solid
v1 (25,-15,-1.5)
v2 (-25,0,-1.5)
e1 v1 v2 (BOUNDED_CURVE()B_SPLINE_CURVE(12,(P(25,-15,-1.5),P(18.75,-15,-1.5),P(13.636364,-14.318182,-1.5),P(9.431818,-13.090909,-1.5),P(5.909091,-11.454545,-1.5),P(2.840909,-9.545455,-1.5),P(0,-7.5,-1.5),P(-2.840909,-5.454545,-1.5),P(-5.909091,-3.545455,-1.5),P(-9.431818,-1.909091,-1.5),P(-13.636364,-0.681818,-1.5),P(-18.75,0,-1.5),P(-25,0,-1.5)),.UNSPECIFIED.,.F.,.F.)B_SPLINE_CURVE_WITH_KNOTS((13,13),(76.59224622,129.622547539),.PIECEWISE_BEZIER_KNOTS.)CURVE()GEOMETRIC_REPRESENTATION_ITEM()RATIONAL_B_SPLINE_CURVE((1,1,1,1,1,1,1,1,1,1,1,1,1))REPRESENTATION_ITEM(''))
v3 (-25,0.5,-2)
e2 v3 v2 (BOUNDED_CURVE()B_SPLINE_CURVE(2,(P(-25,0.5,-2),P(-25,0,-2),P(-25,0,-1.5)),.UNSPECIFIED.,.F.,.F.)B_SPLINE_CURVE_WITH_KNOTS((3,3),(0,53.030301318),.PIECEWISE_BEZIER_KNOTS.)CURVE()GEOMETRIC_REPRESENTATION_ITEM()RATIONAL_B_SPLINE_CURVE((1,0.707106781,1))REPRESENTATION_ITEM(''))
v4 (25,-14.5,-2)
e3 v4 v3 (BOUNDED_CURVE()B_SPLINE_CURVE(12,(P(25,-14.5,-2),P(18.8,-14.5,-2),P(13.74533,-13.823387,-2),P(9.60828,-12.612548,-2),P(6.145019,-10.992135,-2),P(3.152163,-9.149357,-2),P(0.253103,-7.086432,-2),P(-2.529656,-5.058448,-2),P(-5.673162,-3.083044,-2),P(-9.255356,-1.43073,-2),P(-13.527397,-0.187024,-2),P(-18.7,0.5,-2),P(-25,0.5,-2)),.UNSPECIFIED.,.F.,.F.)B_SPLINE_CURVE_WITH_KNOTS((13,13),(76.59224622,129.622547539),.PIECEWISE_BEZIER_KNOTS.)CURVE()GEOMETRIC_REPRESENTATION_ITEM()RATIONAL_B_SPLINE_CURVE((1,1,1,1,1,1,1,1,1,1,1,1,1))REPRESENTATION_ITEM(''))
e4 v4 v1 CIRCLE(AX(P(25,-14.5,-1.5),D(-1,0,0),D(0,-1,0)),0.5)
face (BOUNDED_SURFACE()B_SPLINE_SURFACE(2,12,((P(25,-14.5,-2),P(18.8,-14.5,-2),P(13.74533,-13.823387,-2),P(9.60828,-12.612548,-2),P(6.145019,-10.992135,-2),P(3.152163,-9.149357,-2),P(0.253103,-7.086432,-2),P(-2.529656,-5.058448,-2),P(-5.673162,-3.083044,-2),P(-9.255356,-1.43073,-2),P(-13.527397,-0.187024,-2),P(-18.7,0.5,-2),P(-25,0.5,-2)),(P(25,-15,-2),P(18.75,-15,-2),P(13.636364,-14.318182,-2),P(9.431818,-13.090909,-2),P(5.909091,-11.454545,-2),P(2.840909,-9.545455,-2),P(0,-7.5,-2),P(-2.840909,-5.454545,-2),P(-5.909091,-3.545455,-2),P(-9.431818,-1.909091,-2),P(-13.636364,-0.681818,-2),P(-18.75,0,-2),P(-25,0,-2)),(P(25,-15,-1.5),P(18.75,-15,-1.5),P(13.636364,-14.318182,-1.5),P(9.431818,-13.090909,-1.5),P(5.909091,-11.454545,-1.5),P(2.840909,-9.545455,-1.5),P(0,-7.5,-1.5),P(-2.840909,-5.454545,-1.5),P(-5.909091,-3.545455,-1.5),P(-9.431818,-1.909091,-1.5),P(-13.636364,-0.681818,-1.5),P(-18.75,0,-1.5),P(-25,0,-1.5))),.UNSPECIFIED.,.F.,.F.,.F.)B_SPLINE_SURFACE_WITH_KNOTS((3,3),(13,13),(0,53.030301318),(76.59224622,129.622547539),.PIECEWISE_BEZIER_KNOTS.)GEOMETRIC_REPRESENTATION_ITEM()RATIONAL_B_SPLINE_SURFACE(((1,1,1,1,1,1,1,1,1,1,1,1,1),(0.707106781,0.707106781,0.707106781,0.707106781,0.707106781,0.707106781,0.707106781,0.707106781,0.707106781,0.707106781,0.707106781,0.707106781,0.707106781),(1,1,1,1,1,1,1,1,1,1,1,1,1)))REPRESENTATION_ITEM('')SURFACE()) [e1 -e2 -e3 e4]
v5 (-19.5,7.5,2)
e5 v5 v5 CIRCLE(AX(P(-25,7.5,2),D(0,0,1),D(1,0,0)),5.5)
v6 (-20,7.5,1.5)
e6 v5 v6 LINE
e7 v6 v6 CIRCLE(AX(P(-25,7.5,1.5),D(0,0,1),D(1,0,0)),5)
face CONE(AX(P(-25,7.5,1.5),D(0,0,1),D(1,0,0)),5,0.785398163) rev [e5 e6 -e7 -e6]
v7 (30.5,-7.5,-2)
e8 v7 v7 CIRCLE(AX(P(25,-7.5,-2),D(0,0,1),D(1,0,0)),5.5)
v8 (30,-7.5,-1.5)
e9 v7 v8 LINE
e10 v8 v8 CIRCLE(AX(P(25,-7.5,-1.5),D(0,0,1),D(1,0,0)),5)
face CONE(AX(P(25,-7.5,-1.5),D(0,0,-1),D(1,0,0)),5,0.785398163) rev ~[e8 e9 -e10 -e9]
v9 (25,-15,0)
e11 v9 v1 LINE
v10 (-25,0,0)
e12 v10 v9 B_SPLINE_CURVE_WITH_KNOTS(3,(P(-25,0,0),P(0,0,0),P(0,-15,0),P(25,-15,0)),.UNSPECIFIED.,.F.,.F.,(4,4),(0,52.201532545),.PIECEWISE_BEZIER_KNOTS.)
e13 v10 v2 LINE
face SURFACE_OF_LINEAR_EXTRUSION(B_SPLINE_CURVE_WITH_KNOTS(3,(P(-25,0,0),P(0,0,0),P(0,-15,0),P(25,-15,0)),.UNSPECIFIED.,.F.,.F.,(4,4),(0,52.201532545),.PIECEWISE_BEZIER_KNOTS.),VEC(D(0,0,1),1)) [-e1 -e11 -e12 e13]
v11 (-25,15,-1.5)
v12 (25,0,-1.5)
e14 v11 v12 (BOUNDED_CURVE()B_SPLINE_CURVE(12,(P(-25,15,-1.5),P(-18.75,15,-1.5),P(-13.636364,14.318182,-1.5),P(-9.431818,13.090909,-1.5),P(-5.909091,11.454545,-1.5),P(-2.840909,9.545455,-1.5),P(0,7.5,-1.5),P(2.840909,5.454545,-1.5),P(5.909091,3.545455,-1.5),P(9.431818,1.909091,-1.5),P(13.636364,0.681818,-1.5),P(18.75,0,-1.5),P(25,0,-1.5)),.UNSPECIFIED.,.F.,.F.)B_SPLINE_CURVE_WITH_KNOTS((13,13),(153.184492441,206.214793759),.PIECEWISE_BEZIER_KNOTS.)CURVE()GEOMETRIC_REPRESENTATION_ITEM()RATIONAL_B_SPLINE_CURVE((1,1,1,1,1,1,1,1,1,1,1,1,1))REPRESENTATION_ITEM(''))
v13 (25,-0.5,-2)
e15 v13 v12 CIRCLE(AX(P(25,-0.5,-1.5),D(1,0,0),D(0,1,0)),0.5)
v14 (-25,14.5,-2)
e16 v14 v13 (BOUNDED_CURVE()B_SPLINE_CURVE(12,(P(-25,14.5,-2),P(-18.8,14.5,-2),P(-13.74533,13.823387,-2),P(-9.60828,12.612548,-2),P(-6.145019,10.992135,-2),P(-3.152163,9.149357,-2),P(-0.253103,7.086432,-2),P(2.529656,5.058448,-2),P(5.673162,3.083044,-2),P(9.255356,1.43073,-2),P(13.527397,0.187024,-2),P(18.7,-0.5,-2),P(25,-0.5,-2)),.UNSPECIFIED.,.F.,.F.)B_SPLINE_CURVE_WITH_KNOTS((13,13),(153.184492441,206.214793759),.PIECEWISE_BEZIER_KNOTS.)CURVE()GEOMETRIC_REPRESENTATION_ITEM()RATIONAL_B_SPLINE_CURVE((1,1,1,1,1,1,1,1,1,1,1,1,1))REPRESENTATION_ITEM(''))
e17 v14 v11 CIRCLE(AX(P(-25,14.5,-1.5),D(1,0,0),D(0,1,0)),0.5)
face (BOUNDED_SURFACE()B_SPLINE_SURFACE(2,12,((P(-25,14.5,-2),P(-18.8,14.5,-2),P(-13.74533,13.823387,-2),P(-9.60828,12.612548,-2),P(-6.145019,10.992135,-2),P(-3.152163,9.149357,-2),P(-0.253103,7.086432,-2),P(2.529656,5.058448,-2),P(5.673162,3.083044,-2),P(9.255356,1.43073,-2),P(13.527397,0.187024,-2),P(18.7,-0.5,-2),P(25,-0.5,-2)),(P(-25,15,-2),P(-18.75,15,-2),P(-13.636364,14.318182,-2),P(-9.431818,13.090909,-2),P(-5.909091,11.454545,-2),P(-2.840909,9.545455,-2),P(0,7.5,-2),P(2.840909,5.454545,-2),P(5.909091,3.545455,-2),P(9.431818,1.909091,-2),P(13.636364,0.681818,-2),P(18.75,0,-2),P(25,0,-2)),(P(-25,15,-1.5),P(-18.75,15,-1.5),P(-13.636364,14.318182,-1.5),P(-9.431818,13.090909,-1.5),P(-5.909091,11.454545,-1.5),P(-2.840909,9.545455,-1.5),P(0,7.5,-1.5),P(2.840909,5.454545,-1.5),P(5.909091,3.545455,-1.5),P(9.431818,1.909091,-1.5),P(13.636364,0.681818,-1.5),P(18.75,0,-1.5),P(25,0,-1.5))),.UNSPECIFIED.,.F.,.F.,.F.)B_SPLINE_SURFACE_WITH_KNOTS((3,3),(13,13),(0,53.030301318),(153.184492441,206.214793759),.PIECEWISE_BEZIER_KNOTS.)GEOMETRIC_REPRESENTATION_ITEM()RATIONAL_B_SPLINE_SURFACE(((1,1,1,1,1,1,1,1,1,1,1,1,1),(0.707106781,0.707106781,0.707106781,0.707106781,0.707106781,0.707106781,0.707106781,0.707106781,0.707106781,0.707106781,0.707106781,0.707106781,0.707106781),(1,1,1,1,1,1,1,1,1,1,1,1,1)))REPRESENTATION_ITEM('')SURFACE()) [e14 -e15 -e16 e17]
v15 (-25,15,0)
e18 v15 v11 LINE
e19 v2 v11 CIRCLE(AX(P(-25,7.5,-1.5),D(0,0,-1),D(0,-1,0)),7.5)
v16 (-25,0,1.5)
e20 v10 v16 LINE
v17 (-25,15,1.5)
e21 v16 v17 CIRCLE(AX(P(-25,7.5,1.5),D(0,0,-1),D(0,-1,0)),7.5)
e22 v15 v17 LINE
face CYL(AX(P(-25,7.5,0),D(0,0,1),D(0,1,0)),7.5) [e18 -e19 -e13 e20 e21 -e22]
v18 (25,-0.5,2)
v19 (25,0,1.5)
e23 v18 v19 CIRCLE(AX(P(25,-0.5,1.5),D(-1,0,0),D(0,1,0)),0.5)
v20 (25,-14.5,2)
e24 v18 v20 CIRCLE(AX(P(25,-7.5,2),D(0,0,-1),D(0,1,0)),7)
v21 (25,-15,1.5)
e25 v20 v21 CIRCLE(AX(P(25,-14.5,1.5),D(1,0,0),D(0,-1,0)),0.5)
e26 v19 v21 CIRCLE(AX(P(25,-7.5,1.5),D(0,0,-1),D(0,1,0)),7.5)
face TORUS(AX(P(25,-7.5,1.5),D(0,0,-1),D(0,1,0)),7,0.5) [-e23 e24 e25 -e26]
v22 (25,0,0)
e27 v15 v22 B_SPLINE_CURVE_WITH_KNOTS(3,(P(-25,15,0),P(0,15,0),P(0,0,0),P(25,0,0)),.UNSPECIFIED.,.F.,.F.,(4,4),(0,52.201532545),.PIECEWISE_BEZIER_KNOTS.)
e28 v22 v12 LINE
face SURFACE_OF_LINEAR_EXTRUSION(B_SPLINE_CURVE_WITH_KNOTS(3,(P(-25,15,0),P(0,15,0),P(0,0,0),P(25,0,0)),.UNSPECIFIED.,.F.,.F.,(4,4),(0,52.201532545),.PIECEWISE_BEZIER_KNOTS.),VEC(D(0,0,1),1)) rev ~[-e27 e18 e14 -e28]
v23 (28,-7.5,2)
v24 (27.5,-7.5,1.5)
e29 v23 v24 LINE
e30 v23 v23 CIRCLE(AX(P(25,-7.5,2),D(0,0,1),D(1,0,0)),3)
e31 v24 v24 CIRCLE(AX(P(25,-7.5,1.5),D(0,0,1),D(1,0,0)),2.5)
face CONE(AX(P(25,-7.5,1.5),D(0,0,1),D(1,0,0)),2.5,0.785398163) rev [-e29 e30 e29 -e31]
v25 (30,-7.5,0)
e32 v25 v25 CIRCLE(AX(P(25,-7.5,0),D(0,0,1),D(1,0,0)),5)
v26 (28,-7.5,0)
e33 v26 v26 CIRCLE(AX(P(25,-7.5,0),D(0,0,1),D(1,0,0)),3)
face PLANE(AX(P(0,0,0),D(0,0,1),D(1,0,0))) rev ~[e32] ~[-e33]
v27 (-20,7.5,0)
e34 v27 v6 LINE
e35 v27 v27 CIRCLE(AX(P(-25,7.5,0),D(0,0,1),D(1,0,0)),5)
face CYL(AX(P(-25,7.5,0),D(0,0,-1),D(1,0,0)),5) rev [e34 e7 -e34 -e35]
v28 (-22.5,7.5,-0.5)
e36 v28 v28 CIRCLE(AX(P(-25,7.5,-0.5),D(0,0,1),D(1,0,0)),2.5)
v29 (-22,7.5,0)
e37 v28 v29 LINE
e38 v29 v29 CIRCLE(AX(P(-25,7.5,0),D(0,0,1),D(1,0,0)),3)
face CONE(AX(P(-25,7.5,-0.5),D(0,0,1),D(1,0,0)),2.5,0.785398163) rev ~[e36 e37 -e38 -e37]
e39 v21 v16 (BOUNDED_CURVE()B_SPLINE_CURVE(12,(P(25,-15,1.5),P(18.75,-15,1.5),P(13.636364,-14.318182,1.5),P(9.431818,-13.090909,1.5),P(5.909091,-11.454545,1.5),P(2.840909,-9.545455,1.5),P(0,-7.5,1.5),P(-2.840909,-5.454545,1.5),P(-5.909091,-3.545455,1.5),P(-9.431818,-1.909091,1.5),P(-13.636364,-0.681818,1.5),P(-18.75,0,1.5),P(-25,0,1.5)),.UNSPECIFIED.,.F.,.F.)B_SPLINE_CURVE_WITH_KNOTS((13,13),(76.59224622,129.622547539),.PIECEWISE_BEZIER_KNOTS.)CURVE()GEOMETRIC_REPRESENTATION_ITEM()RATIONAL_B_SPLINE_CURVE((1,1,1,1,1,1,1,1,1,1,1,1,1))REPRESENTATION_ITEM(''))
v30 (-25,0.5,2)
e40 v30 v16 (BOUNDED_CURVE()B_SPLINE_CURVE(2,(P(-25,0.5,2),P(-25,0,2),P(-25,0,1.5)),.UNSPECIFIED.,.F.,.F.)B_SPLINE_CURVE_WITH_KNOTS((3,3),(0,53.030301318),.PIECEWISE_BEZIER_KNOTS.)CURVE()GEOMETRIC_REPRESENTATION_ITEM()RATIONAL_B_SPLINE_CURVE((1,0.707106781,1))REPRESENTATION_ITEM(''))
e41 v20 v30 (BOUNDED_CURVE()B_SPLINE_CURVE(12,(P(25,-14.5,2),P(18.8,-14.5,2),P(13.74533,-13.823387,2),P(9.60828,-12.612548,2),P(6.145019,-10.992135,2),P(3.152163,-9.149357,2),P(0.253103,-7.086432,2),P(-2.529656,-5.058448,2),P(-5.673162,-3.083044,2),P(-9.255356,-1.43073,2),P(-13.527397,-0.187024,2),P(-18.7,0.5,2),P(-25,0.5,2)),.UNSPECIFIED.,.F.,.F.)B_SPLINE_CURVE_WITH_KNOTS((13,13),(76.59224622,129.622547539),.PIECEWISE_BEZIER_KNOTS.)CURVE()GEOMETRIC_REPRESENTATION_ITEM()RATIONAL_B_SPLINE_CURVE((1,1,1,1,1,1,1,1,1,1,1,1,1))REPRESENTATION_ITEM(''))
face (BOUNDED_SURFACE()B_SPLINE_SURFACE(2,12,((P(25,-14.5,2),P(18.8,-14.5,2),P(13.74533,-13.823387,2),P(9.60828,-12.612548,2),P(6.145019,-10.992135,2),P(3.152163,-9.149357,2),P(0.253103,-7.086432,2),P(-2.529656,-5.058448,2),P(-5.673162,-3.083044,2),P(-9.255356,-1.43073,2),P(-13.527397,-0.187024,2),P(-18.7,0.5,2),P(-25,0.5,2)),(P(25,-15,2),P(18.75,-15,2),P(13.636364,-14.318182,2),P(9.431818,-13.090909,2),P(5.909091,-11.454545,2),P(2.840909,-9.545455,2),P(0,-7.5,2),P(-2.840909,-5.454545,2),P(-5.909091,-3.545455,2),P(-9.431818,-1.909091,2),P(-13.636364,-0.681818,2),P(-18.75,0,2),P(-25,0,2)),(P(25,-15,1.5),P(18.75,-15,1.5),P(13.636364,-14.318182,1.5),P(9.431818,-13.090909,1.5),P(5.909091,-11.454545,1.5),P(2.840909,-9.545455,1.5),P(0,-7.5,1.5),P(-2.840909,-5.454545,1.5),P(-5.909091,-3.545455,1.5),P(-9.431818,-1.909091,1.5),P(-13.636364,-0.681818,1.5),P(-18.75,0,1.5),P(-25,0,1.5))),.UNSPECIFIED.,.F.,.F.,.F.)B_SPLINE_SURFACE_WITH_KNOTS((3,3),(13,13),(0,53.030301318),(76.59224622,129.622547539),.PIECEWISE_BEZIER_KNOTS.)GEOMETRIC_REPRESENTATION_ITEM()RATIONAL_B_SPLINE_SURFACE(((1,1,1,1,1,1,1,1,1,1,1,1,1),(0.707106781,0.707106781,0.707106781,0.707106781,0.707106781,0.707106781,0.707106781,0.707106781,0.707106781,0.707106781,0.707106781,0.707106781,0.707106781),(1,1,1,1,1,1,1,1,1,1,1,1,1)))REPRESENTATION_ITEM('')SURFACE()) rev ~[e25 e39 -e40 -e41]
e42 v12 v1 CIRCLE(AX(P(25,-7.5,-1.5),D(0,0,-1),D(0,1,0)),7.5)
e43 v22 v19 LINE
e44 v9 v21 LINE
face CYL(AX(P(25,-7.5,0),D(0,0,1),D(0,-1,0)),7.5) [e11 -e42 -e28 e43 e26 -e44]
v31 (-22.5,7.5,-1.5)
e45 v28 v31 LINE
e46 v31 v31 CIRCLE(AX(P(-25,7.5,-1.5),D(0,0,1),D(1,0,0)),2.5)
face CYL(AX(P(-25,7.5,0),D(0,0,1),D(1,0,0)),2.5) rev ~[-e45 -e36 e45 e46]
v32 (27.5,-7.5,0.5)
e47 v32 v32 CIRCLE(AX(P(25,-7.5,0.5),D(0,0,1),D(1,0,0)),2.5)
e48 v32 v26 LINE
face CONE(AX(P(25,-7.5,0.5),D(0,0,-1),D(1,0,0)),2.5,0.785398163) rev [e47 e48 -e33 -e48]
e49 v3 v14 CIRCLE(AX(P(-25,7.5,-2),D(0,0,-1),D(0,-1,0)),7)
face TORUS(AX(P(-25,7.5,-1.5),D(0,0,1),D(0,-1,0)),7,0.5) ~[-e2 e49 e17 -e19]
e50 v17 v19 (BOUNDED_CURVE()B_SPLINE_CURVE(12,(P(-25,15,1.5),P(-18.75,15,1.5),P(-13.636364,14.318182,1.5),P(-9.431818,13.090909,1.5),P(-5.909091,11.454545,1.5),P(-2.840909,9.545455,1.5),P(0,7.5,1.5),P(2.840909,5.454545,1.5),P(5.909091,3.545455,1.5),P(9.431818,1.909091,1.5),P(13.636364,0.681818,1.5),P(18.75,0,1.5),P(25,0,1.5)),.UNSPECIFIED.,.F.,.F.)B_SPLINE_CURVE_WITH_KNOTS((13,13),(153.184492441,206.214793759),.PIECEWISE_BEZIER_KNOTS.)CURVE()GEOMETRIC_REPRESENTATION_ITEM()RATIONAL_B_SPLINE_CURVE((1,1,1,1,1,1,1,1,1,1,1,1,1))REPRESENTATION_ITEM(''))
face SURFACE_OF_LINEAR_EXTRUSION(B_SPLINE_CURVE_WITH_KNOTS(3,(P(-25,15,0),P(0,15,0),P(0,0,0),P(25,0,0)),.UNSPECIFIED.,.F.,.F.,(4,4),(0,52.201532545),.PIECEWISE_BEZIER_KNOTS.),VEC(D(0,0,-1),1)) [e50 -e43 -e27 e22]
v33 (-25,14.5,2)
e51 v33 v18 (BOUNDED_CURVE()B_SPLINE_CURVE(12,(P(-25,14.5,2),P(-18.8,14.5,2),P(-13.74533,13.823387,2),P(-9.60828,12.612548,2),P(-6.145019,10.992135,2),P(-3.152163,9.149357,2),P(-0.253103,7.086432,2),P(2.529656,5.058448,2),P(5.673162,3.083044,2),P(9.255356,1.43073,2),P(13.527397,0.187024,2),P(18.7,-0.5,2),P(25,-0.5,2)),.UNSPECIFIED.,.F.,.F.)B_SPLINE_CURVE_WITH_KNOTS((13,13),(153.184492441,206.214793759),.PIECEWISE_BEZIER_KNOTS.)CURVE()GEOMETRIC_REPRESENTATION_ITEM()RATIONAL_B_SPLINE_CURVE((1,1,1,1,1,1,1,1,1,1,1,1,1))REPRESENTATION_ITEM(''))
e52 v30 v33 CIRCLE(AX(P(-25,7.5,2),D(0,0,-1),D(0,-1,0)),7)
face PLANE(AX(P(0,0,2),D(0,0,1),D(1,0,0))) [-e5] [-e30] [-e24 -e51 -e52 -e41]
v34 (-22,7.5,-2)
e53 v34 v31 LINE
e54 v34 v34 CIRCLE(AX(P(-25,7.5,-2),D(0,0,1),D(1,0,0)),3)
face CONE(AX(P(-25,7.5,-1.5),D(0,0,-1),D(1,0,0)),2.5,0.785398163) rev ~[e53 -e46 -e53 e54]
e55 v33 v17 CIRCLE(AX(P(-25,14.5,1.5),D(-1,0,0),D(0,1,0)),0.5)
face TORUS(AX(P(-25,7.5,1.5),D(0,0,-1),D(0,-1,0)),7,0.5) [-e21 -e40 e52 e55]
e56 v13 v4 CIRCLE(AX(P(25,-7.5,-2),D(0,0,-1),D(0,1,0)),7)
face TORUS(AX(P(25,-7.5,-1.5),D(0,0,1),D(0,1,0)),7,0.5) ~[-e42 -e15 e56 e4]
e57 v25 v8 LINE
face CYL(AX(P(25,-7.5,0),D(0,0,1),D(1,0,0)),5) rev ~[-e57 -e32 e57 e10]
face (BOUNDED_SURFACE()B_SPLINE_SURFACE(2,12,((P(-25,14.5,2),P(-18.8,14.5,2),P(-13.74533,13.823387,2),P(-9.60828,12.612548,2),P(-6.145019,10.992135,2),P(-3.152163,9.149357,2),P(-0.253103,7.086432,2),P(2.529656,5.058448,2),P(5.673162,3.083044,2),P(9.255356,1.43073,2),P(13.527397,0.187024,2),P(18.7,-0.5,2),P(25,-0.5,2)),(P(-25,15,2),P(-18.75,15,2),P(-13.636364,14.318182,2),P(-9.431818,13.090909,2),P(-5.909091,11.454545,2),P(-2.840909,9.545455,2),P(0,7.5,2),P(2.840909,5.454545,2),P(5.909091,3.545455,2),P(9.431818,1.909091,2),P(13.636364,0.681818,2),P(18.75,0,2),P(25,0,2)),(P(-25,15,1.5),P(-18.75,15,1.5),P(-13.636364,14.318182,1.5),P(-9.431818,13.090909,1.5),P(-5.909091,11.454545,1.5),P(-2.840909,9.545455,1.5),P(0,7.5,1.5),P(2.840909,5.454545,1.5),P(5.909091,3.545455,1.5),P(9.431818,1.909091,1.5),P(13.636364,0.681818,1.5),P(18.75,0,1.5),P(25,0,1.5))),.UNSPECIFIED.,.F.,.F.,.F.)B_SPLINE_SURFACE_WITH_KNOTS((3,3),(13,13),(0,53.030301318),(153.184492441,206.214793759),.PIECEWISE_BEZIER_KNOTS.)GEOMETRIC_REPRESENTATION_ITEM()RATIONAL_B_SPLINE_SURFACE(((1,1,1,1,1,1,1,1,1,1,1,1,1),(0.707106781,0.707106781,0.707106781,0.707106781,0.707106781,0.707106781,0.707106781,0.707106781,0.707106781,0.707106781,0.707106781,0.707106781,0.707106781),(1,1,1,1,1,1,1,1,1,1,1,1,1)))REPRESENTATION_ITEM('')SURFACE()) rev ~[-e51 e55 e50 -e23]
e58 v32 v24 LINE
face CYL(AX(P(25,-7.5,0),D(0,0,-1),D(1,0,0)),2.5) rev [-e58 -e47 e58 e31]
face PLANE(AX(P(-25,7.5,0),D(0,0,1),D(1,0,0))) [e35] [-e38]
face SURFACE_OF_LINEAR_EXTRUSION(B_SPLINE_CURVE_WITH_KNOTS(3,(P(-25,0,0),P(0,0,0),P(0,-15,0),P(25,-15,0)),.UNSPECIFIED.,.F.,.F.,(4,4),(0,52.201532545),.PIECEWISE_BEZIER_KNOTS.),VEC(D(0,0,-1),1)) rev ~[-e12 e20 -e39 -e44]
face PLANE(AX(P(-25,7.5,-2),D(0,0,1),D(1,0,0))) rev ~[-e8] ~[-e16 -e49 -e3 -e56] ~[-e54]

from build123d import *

# Parameters (mm, degrees)
F0_R     = 5
F0_R_2   = 2.5
F1_DEPTH = 2
F2_DEPTH = 2
F3_SIZE  = 0.5
F4_R     = 0.5


with BuildPart() as f1:
    # F0 (on Top) → F1 (new body)
    with BuildSketch(Plane.XY):
        with BuildLine():
            ThreePointArc((-25, 15), (-19.6966991411, 12.8033008589), (-17.5, 7.5))
            ThreePointArc((-17.5, 7.5), (-19.6966991411, 2.1966991411), (-25, 0))
            add(Edge.make_bspline(
                [(-25, 0), (0, 0), (0, -15), (25, -15)],
                knots=[0, 0, 0, 0, 52.2015325446, 52.2015325446, 52.2015325446, 52.2015325446], degree=3))
            ThreePointArc((25, -15), (17.5, -7.5), (25, 0))
            add(Edge.make_bspline(
                [(-25, 15), (0, 15), (0, 0), (25, 0)],
                knots=[0, 0, 0, 0, 52.2015325446, 52.2015325446, 52.2015325446, 52.2015325446], degree=3))
        make_face()
        with BuildLine():
            ThreePointArc((-25, 0), (-19.6966991411, 2.1966991411), (-17.5, 7.5))
            ThreePointArc((-17.5, 7.5), (-19.6966991411, 12.8033008589), (-25, 15))
            ThreePointArc((-25, 15), (-32.5, 7.5), (-25, 0))
        make_face()
        with Locations((-25, 7.5)):
            Circle(F0_R, mode=Mode.SUBTRACT)
        with BuildLine():
            ThreePointArc((32.5, -7.5), (30.3033008589, -2.1966991411), (25, 0))
            ThreePointArc((25, 0), (17.5, -7.5), (25, -15))
            ThreePointArc((25, -15), (30.3033008589, -12.8033008589), (32.5, -7.5))
        make_face()
        with Locations((25, -7.5)):
            Circle(F0_R, mode=Mode.SUBTRACT)
        with Locations((25, -7.5)):
            Circle(F0_R)
        with Locations((25, -7.5)):
            Circle(F0_R_2, mode=Mode.SUBTRACT)
    extrude(amount=F1_DEPTH)

    # F0 (on Top) → F2 (join)
    with BuildSketch(Plane.XY):
        with BuildLine():
            ThreePointArc((-25, 0), (-19.6966991411, 2.1966991411), (-17.5, 7.5))
            ThreePointArc((-17.5, 7.5), (-19.6966991411, 12.8033008589), (-25, 15))
            ThreePointArc((-25, 15), (-32.5, 7.5), (-25, 0))
        make_face()
        with Locations((-25, 7.5)):
            Circle(F0_R, mode=Mode.SUBTRACT)
        with BuildLine():
            ThreePointArc((-25, 15), (-19.6966991411, 12.8033008589), (-17.5, 7.5))
            ThreePointArc((-17.5, 7.5), (-19.6966991411, 2.1966991411), (-25, 0))
            add(Edge.make_bspline(
                [(-25, 0), (0, 0), (0, -15), (25, -15)],
                knots=[0, 0, 0, 0, 52.2015325446, 52.2015325446, 52.2015325446, 52.2015325446], degree=3))
            ThreePointArc((25, -15), (17.5, -7.5), (25, 0))
            add(Edge.make_bspline(
                [(-25, 15), (0, 15), (0, 0), (25, 0)],
                knots=[0, 0, 0, 0, 52.2015325446, 52.2015325446, 52.2015325446, 52.2015325446], degree=3))
        make_face()
        with BuildLine():
            ThreePointArc((32.5, -7.5), (30.3033008589, -2.1966991411), (25, 0))
            ThreePointArc((25, 0), (17.5, -7.5), (25, -15))
            ThreePointArc((25, -15), (30.3033008589, -12.8033008589), (32.5, -7.5))
        make_face()
        with Locations((25, -7.5)):
            Circle(F0_R, mode=Mode.SUBTRACT)
        with Locations((-25, 7.5)):
            Circle(F0_R)
        with Locations((-25, 7.5)):
            Circle(F0_R_2, mode=Mode.SUBTRACT)
    extrude(amount=-F2_DEPTH)

    # F3
    f3_edges = [f1.edges().sort_by_distance(p)[0] for p in [
        (-30, 7.5, 2),
        (22.5, -7.5, 2),
        (-27.5, 7.5, 0),
        (-27.5, 7.5, -2),
        (20, -7.5, -2),
        (22.5, -7.5, 0),
    ]]
    chamfer(f3_edges, length=F3_SIZE)

    # F4
    f4_edges = [f1.edges().sort_by_distance(p)[0] for p in [
        (-1.5e-05, 7.500009, -2),
        (-1.5e-05, 7.500009, 2),
    ]]
    fillet(f4_edges, radius=F4_R)


solid = f1.part
